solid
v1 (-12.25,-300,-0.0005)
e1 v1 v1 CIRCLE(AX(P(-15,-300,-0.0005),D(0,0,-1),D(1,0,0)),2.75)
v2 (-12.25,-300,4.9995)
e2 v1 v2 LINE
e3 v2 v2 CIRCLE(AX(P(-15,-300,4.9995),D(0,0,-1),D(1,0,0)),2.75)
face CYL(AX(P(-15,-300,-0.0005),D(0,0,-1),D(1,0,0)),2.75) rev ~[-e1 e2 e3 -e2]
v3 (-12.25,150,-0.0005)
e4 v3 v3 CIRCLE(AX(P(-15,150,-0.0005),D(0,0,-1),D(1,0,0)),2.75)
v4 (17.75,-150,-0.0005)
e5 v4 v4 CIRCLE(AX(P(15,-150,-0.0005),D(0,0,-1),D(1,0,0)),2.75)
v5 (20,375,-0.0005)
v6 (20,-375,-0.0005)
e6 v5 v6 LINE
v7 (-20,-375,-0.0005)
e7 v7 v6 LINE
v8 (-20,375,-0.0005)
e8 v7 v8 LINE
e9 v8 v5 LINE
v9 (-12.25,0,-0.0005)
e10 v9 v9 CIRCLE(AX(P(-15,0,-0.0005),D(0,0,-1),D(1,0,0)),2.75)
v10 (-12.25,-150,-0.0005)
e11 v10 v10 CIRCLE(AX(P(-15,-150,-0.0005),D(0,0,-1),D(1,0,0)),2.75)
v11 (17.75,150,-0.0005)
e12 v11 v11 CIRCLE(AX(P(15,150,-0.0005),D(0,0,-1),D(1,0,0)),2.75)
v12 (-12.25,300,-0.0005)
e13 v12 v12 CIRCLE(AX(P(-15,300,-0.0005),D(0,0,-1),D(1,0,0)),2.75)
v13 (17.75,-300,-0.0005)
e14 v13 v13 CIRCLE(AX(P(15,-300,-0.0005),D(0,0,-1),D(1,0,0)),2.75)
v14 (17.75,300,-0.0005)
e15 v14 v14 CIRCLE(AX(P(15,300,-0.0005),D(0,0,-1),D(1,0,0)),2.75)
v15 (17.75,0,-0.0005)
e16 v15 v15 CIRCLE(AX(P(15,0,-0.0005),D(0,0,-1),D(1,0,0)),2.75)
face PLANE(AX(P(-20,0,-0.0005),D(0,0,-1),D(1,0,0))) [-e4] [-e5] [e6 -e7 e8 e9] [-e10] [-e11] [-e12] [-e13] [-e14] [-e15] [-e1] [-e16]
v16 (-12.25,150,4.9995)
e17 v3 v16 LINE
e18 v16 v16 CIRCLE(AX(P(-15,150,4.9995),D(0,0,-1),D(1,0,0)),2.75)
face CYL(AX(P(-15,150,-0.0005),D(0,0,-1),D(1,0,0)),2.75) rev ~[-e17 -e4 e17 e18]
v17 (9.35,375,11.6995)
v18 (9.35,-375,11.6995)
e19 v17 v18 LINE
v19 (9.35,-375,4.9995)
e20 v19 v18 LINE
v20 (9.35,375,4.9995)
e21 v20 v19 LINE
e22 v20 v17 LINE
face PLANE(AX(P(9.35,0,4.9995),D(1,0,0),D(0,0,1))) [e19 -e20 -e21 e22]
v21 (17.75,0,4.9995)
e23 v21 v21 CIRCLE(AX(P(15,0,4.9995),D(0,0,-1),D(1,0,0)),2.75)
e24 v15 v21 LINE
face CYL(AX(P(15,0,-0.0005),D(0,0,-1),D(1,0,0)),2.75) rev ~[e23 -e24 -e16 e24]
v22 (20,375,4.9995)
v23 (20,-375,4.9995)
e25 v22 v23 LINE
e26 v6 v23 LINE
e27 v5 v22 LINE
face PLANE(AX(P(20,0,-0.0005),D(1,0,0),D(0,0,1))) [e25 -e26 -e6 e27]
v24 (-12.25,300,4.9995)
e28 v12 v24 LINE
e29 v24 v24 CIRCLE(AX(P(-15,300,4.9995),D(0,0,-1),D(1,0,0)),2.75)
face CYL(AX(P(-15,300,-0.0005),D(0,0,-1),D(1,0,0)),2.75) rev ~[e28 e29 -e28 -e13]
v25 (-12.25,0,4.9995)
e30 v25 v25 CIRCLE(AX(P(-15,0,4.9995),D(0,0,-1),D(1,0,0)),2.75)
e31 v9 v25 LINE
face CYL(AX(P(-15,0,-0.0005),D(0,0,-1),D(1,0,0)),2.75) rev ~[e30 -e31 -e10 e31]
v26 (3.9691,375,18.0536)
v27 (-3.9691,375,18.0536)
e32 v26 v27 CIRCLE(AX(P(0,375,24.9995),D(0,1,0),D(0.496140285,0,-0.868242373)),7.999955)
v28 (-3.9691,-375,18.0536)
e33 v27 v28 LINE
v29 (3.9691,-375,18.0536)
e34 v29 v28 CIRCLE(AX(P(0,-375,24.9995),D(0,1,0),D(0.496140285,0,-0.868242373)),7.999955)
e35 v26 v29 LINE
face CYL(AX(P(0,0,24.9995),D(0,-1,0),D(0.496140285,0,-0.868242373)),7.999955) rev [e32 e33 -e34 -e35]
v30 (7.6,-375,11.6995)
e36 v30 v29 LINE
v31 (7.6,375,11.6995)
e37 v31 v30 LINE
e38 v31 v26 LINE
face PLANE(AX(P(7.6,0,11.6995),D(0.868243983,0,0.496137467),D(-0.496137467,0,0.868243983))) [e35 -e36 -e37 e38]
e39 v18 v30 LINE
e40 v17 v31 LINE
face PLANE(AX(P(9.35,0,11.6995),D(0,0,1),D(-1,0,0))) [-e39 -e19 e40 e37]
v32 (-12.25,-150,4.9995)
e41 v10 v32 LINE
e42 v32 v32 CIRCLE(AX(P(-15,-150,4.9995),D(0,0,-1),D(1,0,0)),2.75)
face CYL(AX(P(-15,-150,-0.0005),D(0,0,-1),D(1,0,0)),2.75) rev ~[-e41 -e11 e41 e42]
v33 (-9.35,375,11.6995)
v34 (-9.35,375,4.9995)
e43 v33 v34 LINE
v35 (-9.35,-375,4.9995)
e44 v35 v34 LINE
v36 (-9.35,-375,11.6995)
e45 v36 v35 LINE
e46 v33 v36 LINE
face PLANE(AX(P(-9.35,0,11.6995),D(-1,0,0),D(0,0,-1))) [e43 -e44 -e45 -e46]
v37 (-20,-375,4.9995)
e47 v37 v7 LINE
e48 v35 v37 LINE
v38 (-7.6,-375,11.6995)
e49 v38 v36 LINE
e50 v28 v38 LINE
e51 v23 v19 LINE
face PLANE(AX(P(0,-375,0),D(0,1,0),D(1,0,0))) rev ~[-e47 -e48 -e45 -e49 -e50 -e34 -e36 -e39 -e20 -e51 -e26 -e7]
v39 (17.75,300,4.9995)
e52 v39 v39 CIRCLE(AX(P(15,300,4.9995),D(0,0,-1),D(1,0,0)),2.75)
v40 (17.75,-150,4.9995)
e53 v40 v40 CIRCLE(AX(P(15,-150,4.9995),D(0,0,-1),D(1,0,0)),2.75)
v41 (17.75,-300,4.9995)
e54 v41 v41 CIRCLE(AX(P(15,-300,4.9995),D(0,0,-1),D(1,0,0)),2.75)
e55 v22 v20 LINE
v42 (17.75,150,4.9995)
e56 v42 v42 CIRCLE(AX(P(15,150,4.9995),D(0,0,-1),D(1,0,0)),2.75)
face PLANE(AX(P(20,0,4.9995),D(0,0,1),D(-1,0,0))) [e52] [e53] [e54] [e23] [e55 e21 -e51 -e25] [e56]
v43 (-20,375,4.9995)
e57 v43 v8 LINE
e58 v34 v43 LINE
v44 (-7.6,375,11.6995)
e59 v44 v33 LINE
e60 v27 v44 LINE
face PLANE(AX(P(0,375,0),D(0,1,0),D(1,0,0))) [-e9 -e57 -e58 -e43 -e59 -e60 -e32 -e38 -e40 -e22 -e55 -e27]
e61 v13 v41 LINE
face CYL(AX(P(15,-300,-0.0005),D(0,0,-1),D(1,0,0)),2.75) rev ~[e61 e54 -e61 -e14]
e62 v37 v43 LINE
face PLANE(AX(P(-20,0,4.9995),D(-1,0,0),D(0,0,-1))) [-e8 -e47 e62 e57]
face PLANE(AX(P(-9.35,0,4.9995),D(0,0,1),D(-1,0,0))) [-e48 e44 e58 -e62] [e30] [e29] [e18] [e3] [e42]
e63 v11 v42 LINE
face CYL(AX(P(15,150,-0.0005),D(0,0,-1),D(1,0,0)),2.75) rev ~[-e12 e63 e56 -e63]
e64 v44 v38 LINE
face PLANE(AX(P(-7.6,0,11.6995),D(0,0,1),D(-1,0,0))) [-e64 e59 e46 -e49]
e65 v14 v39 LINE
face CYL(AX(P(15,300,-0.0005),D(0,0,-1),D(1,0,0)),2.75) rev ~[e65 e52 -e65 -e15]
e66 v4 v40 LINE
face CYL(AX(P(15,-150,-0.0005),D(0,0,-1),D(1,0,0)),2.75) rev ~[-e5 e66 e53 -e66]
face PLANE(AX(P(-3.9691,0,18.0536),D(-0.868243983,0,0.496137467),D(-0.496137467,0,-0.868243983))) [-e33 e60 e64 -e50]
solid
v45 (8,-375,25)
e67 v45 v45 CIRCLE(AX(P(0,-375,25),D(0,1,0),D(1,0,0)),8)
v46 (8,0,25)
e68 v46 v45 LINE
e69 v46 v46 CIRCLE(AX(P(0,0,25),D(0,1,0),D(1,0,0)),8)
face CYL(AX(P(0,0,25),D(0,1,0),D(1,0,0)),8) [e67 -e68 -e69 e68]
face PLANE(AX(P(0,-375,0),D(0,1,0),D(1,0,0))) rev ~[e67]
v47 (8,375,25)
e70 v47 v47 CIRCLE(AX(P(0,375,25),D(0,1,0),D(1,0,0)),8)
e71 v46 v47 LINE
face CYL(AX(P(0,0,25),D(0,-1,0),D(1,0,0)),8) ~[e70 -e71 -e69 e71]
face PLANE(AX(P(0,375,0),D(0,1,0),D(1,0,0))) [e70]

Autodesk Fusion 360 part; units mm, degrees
sketch "Alu Support" plane through (0, 0, 0) normal (0, 1, 0) x (1, 0, 0)
  line L0 (-20, 0.0005) -> (20, 0.0005)
  line L1 (20, 0.0005) -> (20, -4.9995)
  line L2 (20, -4.9995) -> (9.35, -4.9995)
  line L3 (9.35, -4.9995) -> (9.35, -11.6995)
  line L4 (9.35, -11.6995) -> (7.6, -11.6995)
  line L5 (7.6, -11.6995) -> (3.9691, -18.0536)
  line L6 (-3.9691, -18.0536) -> (-7.6, -11.6995)
  line L7 (-7.6, -11.6995) -> (-9.35, -11.6995)
  line L8 (-9.35, -11.6995) -> (-9.35, -4.9995)
  line L9 (-9.35, -4.9995) -> (-20, -4.9995)
  line L10 (-20, -4.9995) -> (-20, 0.0005)
  arc A0 (3.9691, -18.0536) -> (-3.9691, -18.0536) centre (0, -24.9995) ccw
  dimension "d3" = 40
  dimension "d4" = 18.7
  dimension "d5" = 1.75
  dimension "d6" = 25
  dimension "d7" = 6.7
  dimension "d8" = 5
sketch "Steel Rail" plane through (0, 0, 0) normal (0, 1, 0) x (1, 0, 0)
  circle A0 centre (0, -25) radius 8
extrude "Extrude1" add sketch "Alu Support" along normal mid plane 750 makes body 1
extrude "Extrude2" add sketch "Steel Rail" along normal mid plane 750 separate body makes body 2
copy_body "CutPasteBodies1" bodies 1 2 removing the originals makes body 3 makes body 4 in component "SBR16-750"
sketch "Holes" plane through (0, 0, -0.0005) normal (0, 0, -1) x (1, 0, 0)
  line L0 (-20, 375) -> (-20, -375)
  line L1 (-20, -375) -> (20, -375)
  line L2 (20, -375) -> (20, 375)
  line L3 (20, 375) -> (-20, 375)
  line L4 (15, 375) -> (15, -375) construction
  line L5 (-15, 375) -> (-15, -375) construction
  line L6 (25, 300) -> (-25, 300) construction
  line L7 (25, 150) -> (-25, 150) construction
  line L8 (25, 0) -> (-25, 0) construction
  line L9 (25, -150) -> (-25, -150) construction
  line L10 (25, -300) -> (-25, -300) construction
  circle A0 centre (15, -300) radius 2.75
  circle A1 centre (-15, -300) radius 2.75
  circle A2 centre (15, -150) radius 2.75
  circle A3 centre (-15, -150) radius 2.75
  circle A4 centre (-15, 0) radius 2.75
  circle A5 centre (15, 0) radius 2.75
  circle A6 centre (15, 150) radius 2.75
  circle A7 centre (-15, 150) radius 2.75
  circle A8 centre (15, 300) radius 2.75
  circle A9 centre (-15, 300) radius 2.75
  dimension "d15" = 5
  dimension "d16" = 5
  dimension "d17" = 30
  dimension "d18" = 150
  dimension "d19" = 150
  dimension "d20" = 150
  dimension "d21" = 150
  dimension "d22" = 75
  dimension "d23" = 75
  dimension "d24" = 5.5
  dimension "d25" = 5.5
  dimension "d26" = 5.5
  dimension "d27" = 5.5
  dimension "d28" = 5.5
  dimension "d29" = 5.5
  dimension "d30" = 5.5
  dimension "d31" = 5.5
  dimension "d32" = 5.5
  dimension "d33" = 5.5
extrude "Extrude1'" cut sketch "Holes" against normal blind 6 contours A8 | A9 bodies 3 in component "SBR16-750"
extrude "Extrude2'" cut sketch "Holes" against normal blind 6 contours A6 | A7 bodies 3 in component "SBR16-750"
extrude "Extrude3" cut sketch "Holes" against normal blind 6 contours A4 | A5 bodies 3 in component "SBR16-750"
extrude "Extrude4" cut sketch "Holes" against normal blind 6 contours A2 | A3 bodies 3 in component "SBR16-750"
extrude "Extrude5" cut sketch "Holes" against normal blind 6 contours A0 bodies 3 in component "SBR16-750"
extrude "Extrude6" cut sketch "Holes" against normal blind 6 contours A1 bodies 3 in component "SBR16-750"
component "SBR16-750" placed x (1, 0, 0) y (0, 1, 0) z (0, 0, 1) at (0, 0, 0)
